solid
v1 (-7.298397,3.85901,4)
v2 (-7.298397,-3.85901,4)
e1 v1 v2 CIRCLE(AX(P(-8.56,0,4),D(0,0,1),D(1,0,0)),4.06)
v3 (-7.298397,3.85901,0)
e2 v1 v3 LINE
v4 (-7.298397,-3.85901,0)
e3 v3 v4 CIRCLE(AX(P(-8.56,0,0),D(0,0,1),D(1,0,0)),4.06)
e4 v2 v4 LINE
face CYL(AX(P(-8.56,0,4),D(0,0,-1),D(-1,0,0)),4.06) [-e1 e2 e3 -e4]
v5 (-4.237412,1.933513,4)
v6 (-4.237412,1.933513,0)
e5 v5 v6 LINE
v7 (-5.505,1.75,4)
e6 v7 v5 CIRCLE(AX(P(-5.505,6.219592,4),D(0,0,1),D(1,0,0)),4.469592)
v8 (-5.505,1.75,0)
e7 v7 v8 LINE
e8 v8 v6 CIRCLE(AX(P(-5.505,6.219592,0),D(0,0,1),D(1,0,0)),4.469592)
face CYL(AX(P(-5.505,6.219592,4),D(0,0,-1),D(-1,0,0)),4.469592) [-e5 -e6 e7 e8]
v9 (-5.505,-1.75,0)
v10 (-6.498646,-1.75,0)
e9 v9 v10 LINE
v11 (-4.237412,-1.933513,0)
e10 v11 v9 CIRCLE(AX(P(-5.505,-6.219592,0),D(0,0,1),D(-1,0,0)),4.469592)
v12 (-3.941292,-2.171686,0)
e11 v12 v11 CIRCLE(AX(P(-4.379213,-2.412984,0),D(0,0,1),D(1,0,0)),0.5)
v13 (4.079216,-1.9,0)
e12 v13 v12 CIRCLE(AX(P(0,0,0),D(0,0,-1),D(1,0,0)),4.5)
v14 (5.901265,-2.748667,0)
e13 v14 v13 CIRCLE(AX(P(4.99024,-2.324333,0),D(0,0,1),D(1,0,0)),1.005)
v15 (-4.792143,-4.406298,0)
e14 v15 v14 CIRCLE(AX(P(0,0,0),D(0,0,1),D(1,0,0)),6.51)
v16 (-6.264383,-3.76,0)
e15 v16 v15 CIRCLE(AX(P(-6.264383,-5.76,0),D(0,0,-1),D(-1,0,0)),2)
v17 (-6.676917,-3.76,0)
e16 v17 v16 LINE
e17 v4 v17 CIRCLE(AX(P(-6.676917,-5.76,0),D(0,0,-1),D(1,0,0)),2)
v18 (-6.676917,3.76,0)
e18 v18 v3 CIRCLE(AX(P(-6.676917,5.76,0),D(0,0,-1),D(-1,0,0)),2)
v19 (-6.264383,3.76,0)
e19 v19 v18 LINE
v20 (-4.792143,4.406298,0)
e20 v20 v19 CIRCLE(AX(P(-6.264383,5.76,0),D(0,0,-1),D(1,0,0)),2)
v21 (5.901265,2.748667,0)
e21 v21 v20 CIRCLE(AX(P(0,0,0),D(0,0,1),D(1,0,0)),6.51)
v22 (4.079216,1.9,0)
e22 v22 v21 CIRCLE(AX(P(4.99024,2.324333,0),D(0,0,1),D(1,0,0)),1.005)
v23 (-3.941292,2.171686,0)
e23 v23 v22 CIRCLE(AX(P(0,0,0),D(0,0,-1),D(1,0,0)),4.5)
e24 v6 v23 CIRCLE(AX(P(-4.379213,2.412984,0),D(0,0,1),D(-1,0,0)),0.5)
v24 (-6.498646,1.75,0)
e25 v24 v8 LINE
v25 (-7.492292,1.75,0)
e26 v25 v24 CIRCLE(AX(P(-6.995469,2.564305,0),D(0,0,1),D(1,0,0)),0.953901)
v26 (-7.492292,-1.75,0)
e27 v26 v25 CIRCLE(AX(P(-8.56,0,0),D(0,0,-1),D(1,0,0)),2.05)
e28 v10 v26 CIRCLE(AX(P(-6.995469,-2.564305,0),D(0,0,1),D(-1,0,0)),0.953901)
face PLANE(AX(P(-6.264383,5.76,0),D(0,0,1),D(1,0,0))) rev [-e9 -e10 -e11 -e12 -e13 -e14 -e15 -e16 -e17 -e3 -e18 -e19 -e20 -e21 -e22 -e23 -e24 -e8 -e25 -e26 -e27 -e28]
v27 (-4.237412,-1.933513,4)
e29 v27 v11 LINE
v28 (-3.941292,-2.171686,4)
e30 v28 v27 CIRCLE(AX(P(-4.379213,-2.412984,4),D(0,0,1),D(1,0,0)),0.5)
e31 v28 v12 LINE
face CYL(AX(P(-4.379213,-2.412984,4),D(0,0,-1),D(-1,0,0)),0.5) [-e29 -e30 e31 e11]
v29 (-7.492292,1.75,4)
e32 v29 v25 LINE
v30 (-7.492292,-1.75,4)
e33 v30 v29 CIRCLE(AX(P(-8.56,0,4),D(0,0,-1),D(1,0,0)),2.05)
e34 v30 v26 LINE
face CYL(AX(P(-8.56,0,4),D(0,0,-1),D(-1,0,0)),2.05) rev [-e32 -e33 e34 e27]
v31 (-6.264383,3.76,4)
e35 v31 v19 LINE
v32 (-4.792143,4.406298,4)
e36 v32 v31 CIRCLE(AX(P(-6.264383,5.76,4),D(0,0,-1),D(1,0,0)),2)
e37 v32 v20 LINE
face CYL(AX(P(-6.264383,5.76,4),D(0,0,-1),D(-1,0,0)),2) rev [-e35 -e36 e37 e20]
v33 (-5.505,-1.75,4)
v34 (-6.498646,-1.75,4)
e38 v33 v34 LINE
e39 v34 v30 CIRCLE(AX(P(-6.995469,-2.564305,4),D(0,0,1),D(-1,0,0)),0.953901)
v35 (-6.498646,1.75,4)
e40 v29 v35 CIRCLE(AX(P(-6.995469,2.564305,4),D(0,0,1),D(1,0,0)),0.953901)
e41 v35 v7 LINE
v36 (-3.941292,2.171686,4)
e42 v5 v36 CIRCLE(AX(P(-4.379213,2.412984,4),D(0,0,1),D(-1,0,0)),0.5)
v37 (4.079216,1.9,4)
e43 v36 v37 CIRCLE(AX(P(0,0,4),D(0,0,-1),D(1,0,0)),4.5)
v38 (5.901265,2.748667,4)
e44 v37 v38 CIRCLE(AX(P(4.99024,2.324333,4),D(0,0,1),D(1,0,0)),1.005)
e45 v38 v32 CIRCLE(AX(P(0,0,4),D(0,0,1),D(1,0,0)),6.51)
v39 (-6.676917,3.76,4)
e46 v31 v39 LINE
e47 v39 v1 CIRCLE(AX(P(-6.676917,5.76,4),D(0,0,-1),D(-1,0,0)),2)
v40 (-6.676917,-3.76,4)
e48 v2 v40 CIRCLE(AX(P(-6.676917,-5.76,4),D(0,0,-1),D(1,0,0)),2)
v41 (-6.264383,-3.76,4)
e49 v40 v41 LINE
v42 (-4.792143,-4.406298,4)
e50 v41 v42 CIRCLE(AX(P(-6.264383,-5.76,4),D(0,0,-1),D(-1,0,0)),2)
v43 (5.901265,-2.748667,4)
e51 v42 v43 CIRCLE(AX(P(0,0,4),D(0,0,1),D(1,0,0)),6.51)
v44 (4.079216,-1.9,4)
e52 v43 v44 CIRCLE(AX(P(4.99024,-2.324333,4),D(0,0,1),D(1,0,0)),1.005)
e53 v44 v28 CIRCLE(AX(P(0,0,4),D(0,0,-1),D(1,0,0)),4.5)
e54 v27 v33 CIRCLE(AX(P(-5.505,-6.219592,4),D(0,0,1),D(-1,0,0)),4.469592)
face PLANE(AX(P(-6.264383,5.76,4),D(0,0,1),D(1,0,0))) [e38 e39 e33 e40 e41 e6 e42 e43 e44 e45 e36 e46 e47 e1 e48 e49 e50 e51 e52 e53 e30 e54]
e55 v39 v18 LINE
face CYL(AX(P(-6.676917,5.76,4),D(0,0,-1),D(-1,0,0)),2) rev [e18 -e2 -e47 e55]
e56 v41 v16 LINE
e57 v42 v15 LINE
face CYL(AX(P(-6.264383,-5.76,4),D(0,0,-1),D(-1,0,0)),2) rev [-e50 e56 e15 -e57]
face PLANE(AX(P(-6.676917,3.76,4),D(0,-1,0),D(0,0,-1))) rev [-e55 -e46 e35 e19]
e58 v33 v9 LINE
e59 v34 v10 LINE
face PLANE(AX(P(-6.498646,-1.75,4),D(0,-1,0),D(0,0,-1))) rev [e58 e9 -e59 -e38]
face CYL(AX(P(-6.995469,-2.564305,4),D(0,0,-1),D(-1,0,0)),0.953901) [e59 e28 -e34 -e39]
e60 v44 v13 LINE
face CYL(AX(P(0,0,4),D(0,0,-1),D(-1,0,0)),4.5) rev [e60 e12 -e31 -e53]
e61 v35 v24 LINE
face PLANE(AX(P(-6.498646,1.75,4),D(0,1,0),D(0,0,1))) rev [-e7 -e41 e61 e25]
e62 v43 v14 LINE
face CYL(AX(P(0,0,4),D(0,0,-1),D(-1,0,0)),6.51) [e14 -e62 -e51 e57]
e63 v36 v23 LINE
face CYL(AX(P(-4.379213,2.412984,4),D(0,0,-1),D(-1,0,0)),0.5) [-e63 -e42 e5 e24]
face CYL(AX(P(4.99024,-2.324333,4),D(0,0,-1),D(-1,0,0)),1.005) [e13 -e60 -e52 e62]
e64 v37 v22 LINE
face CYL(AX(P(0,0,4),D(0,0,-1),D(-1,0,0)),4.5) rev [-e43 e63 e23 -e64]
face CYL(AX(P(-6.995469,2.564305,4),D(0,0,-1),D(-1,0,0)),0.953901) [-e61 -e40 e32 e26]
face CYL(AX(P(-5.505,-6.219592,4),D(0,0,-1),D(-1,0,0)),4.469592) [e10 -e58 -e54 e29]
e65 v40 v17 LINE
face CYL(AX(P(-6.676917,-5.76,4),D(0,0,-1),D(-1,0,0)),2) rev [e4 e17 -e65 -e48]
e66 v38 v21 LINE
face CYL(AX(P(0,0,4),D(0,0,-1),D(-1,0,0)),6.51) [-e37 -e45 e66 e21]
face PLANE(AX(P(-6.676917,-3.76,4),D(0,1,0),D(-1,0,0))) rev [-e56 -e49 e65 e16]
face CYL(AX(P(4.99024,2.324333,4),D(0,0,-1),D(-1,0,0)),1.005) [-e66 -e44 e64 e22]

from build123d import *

# Parameters (mm, degrees)
BOSS_EXTRUDE1_DEPTH = 4


with BuildPart() as part:
    # Sketch1 → Boss-Extrude1 (new body)
    with BuildSketch(Plane.XY):
        with BuildLine():
            Line((-6.676917421, 3.76), (-6.264383449, 3.76))
            ThreePointArc((-6.264383449, 3.76), (-5.460456542, 3.928688577), (-4.792142921, 4.406298472))
            ThreePointArc((-4.792142921, 4.406298472), (0.997233115, 6.433166103), (5.90126525, 2.748666667))
            ThreePointArc((5.90126525, 2.748666667), (5.414573764, 1.413308514), (4.079215611, 1.9))
            ThreePointArc((4.079215611, 1.9), (0.152344996, 4.497420483), (-3.941291901, 2.171685556))
            ThreePointArc((-3.941291901, 2.171685556), (-4.065842636, 2.023370199), (-4.237411909, 1.933513005))
            ThreePointArc((-4.237411909, 1.933513005), (-4.864598448, 1.796116159), (-5.505, 1.75))
            Line((-5.505, 1.75), (-6.498646087, 1.75))
            ThreePointArc((-6.498646087, 1.75), (-6.995469131, 1.610404776), (-7.492292175, 1.75))
            ThreePointArc((-7.492292175, 1.75), (-10.61, 0), (-7.492292175, -1.75))
            ThreePointArc((-7.492292175, -1.75), (-6.995469131, -1.610404776), (-6.498646087, -1.75))
            Line((-6.498646087, -1.75), (-5.505, -1.75))
            ThreePointArc((-5.505, -1.75), (-4.864598448, -1.796116159), (-4.237411909, -1.933513005))
            ThreePointArc((-4.237411909, -1.933513005), (-4.065842636, -2.023370199), (-3.941291901, -2.171685556))
            ThreePointArc((-3.941291901, -2.171685556), (0.152344996, -4.497420483), (4.079215611, -1.9))
            ThreePointArc((4.079215611, -1.9), (5.414573764, -1.413308514), (5.90126525, -2.748666667))
            ThreePointArc((5.90126525, -2.748666667), (0.997233115, -6.433166103), (-4.792142921, -4.406298472))
            ThreePointArc((-4.792142921, -4.406298472), (-5.460456542, -3.928688577), (-6.264383449, -3.76))
            Line((-6.264383449, -3.76), (-6.676917421, -3.76))
            ThreePointArc((-6.676917421, -3.76), (-6.991575809, -3.784907572), (-7.29839682, -3.859009901))
            ThreePointArc((-7.29839682, -3.859009901), (-12.62, 0), (-7.29839682, 3.859009901))
            ThreePointArc((-7.29839682, 3.859009901), (-6.991575809, 3.784907572), (-6.676917421, 3.76))
        make_face()
    extrude(amount=BOSS_EXTRUDE1_DEPTH)


solid = part.part
